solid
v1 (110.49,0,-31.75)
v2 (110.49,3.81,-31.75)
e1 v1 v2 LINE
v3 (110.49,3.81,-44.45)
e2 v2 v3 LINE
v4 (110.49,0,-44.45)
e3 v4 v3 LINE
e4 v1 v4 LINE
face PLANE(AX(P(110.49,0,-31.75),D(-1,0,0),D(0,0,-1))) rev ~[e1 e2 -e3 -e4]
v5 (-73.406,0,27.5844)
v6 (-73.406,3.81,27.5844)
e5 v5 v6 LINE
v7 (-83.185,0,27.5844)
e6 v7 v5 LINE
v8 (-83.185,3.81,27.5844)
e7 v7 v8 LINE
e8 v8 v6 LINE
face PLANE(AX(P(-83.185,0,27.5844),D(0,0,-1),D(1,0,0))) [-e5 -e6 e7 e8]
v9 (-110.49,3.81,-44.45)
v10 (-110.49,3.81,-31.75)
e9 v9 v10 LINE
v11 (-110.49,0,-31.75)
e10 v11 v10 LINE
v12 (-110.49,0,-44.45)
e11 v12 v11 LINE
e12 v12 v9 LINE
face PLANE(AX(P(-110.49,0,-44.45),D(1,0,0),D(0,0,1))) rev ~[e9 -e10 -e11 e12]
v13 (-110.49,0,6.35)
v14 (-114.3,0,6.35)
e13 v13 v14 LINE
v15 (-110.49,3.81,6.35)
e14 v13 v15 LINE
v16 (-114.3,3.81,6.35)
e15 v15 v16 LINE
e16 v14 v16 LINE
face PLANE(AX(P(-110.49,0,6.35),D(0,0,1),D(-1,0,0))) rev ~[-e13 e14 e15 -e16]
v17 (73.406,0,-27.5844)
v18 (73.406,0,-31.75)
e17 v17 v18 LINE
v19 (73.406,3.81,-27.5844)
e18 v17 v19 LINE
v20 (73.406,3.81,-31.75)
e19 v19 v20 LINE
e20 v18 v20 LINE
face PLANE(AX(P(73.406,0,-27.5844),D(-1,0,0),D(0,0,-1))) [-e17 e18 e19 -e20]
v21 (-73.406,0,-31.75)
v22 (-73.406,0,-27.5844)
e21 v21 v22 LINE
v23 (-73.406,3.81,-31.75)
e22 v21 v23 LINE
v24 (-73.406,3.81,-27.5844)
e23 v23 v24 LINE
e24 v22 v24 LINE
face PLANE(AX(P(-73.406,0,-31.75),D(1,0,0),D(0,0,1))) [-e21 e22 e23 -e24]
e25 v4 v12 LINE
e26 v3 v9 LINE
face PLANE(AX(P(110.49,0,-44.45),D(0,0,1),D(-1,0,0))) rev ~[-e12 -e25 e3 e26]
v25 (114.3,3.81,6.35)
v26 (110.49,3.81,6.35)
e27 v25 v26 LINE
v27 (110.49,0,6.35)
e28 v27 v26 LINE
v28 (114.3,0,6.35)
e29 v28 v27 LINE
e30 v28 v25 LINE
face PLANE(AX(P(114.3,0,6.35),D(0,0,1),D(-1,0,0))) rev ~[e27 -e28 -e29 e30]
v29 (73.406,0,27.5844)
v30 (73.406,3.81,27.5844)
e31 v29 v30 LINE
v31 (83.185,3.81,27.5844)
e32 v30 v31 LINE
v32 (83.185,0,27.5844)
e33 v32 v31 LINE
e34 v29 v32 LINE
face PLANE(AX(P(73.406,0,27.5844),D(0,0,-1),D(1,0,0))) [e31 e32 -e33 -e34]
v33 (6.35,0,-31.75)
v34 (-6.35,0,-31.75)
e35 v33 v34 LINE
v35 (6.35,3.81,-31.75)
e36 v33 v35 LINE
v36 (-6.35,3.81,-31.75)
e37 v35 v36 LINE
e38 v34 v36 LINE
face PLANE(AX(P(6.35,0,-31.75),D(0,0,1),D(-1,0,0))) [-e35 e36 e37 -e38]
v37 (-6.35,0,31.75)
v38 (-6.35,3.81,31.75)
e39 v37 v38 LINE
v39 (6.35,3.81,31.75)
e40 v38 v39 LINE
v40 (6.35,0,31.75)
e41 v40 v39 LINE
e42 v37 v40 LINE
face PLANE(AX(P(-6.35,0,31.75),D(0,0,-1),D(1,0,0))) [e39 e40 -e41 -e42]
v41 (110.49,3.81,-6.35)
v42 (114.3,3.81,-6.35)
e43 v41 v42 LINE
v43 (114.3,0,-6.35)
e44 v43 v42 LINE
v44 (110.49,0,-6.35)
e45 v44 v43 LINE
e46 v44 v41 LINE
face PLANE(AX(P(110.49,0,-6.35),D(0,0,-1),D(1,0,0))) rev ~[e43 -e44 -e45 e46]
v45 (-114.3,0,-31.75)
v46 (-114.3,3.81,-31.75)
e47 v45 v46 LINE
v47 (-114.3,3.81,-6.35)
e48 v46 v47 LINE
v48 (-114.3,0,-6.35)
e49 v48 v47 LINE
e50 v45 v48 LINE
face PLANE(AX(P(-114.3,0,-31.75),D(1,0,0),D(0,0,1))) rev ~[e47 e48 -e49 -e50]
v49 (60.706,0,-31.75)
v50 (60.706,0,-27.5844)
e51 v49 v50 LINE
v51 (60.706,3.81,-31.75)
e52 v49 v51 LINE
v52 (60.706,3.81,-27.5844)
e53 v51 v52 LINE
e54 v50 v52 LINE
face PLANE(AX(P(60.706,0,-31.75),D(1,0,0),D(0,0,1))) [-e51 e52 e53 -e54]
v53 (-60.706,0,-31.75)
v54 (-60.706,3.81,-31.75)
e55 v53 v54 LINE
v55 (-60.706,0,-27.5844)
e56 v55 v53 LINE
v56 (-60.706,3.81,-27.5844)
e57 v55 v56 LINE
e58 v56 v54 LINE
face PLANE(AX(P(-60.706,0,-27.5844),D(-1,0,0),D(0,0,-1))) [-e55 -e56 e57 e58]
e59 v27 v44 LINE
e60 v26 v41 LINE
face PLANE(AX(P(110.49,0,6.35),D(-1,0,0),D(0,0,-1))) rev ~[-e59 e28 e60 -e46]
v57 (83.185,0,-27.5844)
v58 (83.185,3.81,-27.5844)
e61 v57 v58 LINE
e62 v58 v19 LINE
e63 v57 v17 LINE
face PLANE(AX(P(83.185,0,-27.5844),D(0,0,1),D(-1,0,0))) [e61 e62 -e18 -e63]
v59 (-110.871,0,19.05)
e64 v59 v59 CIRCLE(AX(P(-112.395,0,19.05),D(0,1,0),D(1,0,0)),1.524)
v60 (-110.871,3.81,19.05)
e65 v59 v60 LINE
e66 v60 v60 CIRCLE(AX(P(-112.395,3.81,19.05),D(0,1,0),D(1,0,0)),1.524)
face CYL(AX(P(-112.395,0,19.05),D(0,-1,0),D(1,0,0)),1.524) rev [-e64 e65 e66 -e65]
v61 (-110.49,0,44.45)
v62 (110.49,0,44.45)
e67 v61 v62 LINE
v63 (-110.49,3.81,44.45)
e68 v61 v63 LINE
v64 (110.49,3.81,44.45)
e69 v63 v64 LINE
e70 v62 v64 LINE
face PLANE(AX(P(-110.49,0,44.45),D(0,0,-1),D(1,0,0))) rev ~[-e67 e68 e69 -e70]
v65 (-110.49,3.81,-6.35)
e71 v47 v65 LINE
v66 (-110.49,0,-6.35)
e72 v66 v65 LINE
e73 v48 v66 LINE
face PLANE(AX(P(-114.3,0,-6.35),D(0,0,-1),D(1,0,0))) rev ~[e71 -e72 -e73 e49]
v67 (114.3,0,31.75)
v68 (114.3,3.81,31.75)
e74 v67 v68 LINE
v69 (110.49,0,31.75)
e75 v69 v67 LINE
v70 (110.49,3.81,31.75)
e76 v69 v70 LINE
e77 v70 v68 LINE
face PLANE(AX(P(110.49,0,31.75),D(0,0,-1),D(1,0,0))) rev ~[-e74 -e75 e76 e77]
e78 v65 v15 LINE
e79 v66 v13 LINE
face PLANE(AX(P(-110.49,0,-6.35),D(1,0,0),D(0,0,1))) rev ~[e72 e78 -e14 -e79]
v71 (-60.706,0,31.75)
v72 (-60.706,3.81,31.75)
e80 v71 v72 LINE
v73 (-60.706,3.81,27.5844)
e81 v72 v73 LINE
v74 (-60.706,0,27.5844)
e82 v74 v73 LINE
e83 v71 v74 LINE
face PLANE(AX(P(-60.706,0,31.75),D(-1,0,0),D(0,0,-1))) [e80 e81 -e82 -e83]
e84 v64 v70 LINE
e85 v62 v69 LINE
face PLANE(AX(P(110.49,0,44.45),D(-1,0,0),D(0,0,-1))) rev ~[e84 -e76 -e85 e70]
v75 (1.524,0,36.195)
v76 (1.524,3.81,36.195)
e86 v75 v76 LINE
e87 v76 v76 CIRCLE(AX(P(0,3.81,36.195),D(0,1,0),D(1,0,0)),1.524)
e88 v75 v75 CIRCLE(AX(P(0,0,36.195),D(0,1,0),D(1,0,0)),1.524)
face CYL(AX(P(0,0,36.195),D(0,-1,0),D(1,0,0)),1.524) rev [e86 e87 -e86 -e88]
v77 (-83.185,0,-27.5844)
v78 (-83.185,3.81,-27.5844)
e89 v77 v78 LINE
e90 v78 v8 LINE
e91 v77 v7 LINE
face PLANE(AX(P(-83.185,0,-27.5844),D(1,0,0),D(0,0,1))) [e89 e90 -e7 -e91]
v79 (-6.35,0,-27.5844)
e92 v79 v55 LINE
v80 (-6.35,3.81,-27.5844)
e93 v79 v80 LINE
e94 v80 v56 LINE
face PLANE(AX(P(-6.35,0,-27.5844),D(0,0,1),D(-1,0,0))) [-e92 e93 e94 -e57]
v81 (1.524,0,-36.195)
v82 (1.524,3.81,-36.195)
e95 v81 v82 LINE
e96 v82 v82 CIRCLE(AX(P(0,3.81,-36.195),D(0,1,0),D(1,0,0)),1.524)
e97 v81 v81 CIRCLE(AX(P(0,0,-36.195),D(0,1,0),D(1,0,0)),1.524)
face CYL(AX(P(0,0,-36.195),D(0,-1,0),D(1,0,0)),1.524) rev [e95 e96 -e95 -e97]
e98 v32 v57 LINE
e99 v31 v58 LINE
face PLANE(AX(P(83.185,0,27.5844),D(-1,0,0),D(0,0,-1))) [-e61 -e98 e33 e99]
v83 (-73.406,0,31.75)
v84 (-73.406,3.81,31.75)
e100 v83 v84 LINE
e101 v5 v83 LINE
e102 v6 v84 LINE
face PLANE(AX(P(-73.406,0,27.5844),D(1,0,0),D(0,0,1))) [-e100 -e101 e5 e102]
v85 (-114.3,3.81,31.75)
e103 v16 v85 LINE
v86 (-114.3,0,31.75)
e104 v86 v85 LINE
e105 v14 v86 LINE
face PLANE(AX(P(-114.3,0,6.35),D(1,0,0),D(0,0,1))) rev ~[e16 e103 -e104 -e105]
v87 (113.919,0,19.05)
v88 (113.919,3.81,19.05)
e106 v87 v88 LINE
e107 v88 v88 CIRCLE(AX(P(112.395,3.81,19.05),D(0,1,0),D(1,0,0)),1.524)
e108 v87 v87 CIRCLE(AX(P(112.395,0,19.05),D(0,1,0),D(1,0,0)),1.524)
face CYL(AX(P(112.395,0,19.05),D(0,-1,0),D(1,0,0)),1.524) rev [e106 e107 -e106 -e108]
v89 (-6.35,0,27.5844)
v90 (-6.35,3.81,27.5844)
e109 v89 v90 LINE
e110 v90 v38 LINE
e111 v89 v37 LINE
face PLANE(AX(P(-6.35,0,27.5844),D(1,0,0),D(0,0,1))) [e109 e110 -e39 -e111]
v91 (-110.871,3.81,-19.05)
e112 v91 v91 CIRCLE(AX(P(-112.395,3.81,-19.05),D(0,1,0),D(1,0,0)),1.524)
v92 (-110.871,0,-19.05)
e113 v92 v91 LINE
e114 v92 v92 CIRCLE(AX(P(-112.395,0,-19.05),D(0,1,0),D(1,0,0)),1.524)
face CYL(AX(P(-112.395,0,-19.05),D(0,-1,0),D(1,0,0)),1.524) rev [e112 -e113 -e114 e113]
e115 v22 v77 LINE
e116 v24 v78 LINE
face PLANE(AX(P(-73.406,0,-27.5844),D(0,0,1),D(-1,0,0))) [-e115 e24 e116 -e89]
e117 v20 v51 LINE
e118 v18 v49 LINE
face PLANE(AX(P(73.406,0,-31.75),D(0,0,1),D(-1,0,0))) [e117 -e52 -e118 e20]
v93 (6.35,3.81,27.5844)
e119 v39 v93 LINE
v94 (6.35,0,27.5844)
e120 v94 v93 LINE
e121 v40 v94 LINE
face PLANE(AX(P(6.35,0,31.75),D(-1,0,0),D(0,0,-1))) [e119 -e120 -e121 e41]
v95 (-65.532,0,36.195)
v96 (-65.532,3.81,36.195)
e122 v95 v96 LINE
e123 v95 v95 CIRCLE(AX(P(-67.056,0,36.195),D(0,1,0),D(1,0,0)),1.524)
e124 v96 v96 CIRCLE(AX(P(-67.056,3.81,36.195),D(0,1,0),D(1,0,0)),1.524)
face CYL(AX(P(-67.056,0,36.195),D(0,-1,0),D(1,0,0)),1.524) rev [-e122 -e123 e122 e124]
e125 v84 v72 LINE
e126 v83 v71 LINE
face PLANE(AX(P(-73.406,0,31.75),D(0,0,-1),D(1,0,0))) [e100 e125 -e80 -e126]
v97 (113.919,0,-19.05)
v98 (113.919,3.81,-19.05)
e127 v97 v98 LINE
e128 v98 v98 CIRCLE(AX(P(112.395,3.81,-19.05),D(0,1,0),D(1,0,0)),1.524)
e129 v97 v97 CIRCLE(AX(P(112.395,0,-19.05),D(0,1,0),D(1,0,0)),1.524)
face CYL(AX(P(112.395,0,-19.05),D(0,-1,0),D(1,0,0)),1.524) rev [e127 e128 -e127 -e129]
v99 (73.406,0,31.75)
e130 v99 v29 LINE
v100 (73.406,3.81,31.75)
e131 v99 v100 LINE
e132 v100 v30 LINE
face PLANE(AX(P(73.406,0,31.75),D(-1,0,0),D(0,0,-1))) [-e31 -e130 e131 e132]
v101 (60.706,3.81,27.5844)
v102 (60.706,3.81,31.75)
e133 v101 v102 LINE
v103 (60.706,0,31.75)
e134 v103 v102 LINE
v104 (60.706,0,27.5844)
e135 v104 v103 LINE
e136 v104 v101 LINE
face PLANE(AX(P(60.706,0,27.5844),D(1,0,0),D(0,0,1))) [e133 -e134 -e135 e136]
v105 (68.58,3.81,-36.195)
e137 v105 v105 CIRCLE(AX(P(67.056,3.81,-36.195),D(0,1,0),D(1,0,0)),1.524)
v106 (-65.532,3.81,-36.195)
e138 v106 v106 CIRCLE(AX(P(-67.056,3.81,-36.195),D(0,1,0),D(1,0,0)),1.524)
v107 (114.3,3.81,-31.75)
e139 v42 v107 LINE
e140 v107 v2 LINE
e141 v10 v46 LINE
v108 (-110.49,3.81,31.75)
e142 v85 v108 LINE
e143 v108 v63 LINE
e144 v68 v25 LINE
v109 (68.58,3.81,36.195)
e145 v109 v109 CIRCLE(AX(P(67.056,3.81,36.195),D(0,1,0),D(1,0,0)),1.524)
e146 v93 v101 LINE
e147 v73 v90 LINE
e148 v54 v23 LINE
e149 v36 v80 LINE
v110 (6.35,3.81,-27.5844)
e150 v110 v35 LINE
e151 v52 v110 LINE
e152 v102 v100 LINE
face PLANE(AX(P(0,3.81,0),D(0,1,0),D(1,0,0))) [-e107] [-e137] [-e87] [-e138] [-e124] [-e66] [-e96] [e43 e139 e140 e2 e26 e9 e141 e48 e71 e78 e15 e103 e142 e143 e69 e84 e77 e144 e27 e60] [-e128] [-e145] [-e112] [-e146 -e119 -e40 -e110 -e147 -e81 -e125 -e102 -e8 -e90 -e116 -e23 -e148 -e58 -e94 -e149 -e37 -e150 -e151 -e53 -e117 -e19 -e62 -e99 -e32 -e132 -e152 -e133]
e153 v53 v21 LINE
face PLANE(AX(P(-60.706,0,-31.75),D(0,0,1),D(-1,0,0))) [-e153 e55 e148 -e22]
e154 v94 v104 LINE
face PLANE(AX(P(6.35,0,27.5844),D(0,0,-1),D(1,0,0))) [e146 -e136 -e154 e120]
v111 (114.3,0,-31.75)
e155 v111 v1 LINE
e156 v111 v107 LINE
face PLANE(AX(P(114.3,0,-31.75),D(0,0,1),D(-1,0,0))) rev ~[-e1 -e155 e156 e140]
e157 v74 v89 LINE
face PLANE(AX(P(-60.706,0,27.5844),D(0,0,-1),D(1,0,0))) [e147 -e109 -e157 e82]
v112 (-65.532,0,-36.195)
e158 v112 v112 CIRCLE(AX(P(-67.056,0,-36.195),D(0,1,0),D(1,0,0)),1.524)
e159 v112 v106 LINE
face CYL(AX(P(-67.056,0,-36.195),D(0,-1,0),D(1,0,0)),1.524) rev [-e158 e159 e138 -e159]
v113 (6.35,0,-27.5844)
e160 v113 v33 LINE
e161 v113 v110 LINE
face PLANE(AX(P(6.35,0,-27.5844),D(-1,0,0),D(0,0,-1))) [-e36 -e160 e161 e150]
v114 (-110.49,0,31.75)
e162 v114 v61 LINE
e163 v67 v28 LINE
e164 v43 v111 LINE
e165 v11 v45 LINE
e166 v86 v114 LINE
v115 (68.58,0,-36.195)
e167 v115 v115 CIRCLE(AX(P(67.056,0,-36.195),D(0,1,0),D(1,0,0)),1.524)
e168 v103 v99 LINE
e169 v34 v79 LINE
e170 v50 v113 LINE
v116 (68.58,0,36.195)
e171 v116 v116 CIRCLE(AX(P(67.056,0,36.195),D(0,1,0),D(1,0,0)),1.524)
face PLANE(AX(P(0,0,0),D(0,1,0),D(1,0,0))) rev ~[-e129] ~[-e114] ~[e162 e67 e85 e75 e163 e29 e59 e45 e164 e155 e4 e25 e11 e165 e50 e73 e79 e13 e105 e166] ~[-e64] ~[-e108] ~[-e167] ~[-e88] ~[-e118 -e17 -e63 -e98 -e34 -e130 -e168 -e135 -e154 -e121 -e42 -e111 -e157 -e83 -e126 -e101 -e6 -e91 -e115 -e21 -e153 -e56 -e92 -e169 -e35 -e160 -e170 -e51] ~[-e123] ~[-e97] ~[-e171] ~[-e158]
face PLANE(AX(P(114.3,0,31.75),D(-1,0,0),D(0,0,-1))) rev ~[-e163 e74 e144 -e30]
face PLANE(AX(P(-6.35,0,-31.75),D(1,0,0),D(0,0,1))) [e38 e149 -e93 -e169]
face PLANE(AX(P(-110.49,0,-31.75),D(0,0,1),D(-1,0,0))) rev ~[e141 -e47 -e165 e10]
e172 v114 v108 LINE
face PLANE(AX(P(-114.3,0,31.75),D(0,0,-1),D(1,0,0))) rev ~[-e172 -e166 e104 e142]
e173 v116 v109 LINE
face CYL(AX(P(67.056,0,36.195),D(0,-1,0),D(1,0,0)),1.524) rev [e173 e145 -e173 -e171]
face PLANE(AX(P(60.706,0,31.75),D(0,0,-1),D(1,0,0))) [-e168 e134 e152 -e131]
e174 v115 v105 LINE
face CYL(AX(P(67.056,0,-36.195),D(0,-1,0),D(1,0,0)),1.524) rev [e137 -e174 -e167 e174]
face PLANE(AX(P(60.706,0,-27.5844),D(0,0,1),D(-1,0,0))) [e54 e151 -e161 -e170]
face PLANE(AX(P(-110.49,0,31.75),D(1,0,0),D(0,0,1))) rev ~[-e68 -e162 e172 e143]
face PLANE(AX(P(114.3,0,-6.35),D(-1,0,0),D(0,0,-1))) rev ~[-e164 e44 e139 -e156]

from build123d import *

# Parameters (mm, degrees)
SKETCH1_R           = 1.524
BOSS_EXTRUDE1_DEPTH = 3.81


with BuildPart() as part:
    # Sketch1 → Boss-Extrude1 (new body)
    with BuildSketch(Plane(origin=(0, 0, 0), x_dir=(1, 0, 0), z_dir=(0, 1, 0))):
        Polygon((-110.49, -44.45), (110.49, -44.45), (110.49, -31.75), (114.3, -31.75), (114.3, -6.35), (110.49, -6.35), (110.49, 6.35), (114.3, 6.35), (114.3, 31.75), (110.49, 31.75), (110.49, 44.45), (-110.49, 44.45), (-110.49, 31.75), (-114.3, 31.75), (-114.3, 6.35), (-110.49, 6.35), (-110.49, -6.35), (-114.3, -6.35), (-114.3, -31.75), (-110.49, -31.75), align=None)
        with Locations((112.395, 19.05)):
            Circle(SKETCH1_R, mode=Mode.SUBTRACT)
        with Locations((-112.395, 19.05)):
            Circle(SKETCH1_R, mode=Mode.SUBTRACT)
        with Locations((-112.395, -19.05)):
            Circle(SKETCH1_R, mode=Mode.SUBTRACT)
        with Locations((112.395, -19.05)):
            Circle(SKETCH1_R, mode=Mode.SUBTRACT)
        with Locations((-67.056, -36.195)):
            Circle(SKETCH1_R, mode=Mode.SUBTRACT)
        with Locations((0, -36.195)):
            Circle(SKETCH1_R, mode=Mode.SUBTRACT)
        with Locations((67.056, -36.195)):
            Circle(SKETCH1_R, mode=Mode.SUBTRACT)
        with Locations((67.056, 36.195)):
            Circle(SKETCH1_R, mode=Mode.SUBTRACT)
        with Locations((-67.056, 36.195)):
            Circle(SKETCH1_R, mode=Mode.SUBTRACT)
        with Locations((0, 36.195)):
            Circle(SKETCH1_R, mode=Mode.SUBTRACT)
        Polygon((-83.185, -27.5844), (-73.406, -27.5844), (-73.406, -31.75), (-60.706, -31.75), (-60.706, -27.5844), (-6.35, -27.5844), (-6.35, -31.75), (6.35, -31.75), (6.35, -27.5844), (60.706, -27.5844), (60.706, -31.75), (73.406, -31.75), (73.406, -27.5844), (83.185, -27.5844), (83.185, 27.5844), (73.406, 27.5844), (73.406, 31.75), (60.706, 31.75), (60.706, 27.5844), (6.35, 27.5844), (6.35, 31.75), (-6.35, 31.75), (-6.35, 27.5844), (-60.706, 27.5844), (-60.706, 31.75), (-73.406, 31.75), (-73.406, 27.5844), (-83.185, 27.5844), align=None, mode=Mode.SUBTRACT)
    extrude(amount=BOSS_EXTRUDE1_DEPTH)


solid = part.part
